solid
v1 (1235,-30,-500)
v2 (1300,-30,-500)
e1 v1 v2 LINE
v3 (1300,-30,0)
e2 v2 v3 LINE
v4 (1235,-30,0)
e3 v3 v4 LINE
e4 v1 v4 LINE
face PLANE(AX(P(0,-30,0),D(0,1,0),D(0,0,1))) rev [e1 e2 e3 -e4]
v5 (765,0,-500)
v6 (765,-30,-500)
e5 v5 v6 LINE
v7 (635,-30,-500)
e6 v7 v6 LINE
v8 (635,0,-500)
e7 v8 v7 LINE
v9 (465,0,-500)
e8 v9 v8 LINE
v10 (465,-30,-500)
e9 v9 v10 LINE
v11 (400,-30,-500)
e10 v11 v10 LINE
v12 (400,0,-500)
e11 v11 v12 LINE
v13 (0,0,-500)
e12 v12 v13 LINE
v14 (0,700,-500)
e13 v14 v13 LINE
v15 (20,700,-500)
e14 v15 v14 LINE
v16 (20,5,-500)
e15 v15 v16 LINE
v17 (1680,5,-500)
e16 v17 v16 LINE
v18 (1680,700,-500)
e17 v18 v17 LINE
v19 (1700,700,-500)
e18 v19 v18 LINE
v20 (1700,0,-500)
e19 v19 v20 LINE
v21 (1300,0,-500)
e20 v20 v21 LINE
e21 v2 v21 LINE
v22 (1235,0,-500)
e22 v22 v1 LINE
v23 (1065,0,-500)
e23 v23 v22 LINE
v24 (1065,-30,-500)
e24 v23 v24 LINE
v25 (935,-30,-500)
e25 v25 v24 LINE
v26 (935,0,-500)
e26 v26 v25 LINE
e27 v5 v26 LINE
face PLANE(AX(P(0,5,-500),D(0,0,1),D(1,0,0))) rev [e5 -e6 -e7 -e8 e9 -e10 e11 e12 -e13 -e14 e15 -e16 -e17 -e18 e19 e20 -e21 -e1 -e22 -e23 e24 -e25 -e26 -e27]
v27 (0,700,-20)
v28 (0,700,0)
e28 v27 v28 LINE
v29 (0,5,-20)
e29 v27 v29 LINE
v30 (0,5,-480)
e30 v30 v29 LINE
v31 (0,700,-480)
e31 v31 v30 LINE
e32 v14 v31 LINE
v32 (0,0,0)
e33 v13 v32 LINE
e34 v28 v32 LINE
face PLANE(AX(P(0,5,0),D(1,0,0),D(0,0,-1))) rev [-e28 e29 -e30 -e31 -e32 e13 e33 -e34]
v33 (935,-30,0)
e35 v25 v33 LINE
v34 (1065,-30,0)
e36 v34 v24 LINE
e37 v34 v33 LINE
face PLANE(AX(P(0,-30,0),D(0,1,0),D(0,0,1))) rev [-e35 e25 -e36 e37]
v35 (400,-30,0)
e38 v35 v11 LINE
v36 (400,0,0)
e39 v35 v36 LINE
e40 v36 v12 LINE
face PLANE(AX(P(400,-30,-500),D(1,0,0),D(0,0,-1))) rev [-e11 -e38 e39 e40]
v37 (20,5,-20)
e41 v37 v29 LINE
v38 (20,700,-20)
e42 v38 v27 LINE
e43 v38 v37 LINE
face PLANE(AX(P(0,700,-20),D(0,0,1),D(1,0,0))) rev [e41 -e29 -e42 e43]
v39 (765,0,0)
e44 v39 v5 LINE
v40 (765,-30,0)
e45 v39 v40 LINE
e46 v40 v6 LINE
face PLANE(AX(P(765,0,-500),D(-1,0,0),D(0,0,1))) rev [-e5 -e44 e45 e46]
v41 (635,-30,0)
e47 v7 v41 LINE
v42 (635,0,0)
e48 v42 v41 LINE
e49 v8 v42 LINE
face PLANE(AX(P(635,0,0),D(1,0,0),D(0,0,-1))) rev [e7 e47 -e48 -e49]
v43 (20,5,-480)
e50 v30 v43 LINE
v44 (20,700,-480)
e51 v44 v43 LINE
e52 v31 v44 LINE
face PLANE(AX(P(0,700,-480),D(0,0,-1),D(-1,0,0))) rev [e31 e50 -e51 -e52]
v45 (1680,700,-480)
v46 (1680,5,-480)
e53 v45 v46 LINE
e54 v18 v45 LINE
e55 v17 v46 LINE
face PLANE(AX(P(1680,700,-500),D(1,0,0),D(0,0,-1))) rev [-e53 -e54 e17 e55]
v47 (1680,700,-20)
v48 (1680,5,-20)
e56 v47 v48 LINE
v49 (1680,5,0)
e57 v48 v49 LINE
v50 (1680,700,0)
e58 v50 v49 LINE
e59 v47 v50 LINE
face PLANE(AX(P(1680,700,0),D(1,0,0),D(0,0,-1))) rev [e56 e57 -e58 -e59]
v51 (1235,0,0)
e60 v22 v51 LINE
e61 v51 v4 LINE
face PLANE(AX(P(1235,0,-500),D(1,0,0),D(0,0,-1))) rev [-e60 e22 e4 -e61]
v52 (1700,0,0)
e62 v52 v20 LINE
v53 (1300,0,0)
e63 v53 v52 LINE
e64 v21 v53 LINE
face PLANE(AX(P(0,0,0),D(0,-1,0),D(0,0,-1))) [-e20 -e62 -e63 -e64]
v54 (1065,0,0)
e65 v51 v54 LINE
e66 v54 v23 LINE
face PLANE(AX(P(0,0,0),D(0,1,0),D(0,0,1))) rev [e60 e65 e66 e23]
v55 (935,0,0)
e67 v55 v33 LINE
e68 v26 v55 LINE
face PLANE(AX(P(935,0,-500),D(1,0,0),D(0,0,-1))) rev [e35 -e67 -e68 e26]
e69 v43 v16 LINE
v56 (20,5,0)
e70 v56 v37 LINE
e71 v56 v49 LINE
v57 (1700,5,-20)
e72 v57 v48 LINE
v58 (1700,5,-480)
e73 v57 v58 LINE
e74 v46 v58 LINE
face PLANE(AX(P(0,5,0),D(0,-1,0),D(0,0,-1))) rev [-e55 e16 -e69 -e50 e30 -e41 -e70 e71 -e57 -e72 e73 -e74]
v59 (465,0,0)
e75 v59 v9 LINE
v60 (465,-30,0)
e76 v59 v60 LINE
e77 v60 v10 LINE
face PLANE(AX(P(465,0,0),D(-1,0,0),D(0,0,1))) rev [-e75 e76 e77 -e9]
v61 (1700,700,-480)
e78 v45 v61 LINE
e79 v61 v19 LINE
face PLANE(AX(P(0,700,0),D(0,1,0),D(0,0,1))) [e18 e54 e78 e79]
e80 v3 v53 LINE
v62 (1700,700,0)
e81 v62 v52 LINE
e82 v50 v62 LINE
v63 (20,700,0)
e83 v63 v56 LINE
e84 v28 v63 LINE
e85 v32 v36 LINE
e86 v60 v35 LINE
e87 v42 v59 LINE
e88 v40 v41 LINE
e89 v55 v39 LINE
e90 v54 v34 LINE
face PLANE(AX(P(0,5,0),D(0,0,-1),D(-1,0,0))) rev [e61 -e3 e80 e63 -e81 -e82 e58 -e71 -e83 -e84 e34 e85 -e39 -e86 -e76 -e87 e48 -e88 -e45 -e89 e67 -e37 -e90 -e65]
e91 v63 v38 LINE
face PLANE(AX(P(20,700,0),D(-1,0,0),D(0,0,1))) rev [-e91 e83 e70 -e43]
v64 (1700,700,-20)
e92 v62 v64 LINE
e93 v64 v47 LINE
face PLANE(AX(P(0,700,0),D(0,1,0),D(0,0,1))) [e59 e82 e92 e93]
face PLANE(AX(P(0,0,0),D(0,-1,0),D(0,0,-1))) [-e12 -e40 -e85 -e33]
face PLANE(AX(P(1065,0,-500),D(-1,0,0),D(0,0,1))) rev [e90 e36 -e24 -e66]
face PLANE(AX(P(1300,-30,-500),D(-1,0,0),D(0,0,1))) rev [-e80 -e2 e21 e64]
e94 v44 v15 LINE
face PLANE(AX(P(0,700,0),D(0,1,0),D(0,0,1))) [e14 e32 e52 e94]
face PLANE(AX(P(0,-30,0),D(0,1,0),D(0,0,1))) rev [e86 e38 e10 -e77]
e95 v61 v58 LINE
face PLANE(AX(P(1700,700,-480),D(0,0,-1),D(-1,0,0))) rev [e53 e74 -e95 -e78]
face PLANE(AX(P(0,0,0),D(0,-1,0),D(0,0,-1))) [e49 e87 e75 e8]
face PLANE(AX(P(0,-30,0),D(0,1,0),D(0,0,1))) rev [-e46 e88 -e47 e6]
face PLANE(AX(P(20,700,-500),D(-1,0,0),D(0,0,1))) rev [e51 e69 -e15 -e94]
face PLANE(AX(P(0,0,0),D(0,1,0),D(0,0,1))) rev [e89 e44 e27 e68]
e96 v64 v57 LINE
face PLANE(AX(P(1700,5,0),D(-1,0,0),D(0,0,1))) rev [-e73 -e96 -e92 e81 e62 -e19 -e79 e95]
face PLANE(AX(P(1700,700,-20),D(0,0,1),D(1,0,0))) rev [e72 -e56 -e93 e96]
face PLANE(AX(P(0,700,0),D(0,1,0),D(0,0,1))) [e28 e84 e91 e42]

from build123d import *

# Parameters (mm, degrees)
SKETCH1_W           = 1700
SKETCH1_H           = 500
BOSS_EXTRUDE1_DEPTH = 5
SKETCH2_W           = 20
SKETCH2_H           = 20
BOSS_EXTRUDE2_DEPTH = 695
SKETCH3_W           = 900
SKETCH3_H           = 500
BOSS_EXTRUDE3_DEPTH = 30
SKETCH4_W           = 170
SKETCH4_H           = 500
CUT_EXTRUDE1_DEPTH  = 30


with BuildPart() as part:
    # Sketch1 → Boss-Extrude1 (new body)
    with BuildSketch(Plane(origin=(0, 0, 0), x_dir=(1, 0, 0), z_dir=(0, 1, 0))):
        with Locations((850, 250)):
            Rectangle(SKETCH1_W, SKETCH1_H)
    extrude(amount=BOSS_EXTRUDE1_DEPTH)

    # Sketch2 → Boss-Extrude2 (add)
    with BuildSketch(Plane(origin=(0, 5, 0), x_dir=(1, 0, 0), z_dir=(0, 1, 0))):
        with Locations((10, 490)):
            Rectangle(SKETCH2_W, SKETCH2_H)
        with Locations((10, 10)):
            Rectangle(SKETCH2_W, SKETCH2_H)
        with Locations((1690, 10)):
            Rectangle(SKETCH2_W, SKETCH2_H)
        with Locations((1690, 490)):
            Rectangle(SKETCH2_W, SKETCH2_H)
    extrude(amount=BOSS_EXTRUDE2_DEPTH)

    # Sketch3 → Boss-Extrude3 (add)
    with BuildSketch(Plane.XZ):
        with Locations((850, -250)):
            Rectangle(SKETCH3_W, SKETCH3_H)
    extrude(amount=BOSS_EXTRUDE3_DEPTH)

    # Sketch4 → Cut-Extrude1 (cut)
    with BuildSketch(Plane.XZ.offset(30)):
        with Locations((550, -250)):
            Rectangle(SKETCH4_W, SKETCH4_H)
        with Locations((850, -250)):
            Rectangle(SKETCH4_W, SKETCH4_H)
        with Locations((1150, -250)):
            Rectangle(SKETCH4_W, SKETCH4_H)
    extrude(amount=-CUT_EXTRUDE1_DEPTH, mode=Mode.SUBTRACT)


solid = part.part
